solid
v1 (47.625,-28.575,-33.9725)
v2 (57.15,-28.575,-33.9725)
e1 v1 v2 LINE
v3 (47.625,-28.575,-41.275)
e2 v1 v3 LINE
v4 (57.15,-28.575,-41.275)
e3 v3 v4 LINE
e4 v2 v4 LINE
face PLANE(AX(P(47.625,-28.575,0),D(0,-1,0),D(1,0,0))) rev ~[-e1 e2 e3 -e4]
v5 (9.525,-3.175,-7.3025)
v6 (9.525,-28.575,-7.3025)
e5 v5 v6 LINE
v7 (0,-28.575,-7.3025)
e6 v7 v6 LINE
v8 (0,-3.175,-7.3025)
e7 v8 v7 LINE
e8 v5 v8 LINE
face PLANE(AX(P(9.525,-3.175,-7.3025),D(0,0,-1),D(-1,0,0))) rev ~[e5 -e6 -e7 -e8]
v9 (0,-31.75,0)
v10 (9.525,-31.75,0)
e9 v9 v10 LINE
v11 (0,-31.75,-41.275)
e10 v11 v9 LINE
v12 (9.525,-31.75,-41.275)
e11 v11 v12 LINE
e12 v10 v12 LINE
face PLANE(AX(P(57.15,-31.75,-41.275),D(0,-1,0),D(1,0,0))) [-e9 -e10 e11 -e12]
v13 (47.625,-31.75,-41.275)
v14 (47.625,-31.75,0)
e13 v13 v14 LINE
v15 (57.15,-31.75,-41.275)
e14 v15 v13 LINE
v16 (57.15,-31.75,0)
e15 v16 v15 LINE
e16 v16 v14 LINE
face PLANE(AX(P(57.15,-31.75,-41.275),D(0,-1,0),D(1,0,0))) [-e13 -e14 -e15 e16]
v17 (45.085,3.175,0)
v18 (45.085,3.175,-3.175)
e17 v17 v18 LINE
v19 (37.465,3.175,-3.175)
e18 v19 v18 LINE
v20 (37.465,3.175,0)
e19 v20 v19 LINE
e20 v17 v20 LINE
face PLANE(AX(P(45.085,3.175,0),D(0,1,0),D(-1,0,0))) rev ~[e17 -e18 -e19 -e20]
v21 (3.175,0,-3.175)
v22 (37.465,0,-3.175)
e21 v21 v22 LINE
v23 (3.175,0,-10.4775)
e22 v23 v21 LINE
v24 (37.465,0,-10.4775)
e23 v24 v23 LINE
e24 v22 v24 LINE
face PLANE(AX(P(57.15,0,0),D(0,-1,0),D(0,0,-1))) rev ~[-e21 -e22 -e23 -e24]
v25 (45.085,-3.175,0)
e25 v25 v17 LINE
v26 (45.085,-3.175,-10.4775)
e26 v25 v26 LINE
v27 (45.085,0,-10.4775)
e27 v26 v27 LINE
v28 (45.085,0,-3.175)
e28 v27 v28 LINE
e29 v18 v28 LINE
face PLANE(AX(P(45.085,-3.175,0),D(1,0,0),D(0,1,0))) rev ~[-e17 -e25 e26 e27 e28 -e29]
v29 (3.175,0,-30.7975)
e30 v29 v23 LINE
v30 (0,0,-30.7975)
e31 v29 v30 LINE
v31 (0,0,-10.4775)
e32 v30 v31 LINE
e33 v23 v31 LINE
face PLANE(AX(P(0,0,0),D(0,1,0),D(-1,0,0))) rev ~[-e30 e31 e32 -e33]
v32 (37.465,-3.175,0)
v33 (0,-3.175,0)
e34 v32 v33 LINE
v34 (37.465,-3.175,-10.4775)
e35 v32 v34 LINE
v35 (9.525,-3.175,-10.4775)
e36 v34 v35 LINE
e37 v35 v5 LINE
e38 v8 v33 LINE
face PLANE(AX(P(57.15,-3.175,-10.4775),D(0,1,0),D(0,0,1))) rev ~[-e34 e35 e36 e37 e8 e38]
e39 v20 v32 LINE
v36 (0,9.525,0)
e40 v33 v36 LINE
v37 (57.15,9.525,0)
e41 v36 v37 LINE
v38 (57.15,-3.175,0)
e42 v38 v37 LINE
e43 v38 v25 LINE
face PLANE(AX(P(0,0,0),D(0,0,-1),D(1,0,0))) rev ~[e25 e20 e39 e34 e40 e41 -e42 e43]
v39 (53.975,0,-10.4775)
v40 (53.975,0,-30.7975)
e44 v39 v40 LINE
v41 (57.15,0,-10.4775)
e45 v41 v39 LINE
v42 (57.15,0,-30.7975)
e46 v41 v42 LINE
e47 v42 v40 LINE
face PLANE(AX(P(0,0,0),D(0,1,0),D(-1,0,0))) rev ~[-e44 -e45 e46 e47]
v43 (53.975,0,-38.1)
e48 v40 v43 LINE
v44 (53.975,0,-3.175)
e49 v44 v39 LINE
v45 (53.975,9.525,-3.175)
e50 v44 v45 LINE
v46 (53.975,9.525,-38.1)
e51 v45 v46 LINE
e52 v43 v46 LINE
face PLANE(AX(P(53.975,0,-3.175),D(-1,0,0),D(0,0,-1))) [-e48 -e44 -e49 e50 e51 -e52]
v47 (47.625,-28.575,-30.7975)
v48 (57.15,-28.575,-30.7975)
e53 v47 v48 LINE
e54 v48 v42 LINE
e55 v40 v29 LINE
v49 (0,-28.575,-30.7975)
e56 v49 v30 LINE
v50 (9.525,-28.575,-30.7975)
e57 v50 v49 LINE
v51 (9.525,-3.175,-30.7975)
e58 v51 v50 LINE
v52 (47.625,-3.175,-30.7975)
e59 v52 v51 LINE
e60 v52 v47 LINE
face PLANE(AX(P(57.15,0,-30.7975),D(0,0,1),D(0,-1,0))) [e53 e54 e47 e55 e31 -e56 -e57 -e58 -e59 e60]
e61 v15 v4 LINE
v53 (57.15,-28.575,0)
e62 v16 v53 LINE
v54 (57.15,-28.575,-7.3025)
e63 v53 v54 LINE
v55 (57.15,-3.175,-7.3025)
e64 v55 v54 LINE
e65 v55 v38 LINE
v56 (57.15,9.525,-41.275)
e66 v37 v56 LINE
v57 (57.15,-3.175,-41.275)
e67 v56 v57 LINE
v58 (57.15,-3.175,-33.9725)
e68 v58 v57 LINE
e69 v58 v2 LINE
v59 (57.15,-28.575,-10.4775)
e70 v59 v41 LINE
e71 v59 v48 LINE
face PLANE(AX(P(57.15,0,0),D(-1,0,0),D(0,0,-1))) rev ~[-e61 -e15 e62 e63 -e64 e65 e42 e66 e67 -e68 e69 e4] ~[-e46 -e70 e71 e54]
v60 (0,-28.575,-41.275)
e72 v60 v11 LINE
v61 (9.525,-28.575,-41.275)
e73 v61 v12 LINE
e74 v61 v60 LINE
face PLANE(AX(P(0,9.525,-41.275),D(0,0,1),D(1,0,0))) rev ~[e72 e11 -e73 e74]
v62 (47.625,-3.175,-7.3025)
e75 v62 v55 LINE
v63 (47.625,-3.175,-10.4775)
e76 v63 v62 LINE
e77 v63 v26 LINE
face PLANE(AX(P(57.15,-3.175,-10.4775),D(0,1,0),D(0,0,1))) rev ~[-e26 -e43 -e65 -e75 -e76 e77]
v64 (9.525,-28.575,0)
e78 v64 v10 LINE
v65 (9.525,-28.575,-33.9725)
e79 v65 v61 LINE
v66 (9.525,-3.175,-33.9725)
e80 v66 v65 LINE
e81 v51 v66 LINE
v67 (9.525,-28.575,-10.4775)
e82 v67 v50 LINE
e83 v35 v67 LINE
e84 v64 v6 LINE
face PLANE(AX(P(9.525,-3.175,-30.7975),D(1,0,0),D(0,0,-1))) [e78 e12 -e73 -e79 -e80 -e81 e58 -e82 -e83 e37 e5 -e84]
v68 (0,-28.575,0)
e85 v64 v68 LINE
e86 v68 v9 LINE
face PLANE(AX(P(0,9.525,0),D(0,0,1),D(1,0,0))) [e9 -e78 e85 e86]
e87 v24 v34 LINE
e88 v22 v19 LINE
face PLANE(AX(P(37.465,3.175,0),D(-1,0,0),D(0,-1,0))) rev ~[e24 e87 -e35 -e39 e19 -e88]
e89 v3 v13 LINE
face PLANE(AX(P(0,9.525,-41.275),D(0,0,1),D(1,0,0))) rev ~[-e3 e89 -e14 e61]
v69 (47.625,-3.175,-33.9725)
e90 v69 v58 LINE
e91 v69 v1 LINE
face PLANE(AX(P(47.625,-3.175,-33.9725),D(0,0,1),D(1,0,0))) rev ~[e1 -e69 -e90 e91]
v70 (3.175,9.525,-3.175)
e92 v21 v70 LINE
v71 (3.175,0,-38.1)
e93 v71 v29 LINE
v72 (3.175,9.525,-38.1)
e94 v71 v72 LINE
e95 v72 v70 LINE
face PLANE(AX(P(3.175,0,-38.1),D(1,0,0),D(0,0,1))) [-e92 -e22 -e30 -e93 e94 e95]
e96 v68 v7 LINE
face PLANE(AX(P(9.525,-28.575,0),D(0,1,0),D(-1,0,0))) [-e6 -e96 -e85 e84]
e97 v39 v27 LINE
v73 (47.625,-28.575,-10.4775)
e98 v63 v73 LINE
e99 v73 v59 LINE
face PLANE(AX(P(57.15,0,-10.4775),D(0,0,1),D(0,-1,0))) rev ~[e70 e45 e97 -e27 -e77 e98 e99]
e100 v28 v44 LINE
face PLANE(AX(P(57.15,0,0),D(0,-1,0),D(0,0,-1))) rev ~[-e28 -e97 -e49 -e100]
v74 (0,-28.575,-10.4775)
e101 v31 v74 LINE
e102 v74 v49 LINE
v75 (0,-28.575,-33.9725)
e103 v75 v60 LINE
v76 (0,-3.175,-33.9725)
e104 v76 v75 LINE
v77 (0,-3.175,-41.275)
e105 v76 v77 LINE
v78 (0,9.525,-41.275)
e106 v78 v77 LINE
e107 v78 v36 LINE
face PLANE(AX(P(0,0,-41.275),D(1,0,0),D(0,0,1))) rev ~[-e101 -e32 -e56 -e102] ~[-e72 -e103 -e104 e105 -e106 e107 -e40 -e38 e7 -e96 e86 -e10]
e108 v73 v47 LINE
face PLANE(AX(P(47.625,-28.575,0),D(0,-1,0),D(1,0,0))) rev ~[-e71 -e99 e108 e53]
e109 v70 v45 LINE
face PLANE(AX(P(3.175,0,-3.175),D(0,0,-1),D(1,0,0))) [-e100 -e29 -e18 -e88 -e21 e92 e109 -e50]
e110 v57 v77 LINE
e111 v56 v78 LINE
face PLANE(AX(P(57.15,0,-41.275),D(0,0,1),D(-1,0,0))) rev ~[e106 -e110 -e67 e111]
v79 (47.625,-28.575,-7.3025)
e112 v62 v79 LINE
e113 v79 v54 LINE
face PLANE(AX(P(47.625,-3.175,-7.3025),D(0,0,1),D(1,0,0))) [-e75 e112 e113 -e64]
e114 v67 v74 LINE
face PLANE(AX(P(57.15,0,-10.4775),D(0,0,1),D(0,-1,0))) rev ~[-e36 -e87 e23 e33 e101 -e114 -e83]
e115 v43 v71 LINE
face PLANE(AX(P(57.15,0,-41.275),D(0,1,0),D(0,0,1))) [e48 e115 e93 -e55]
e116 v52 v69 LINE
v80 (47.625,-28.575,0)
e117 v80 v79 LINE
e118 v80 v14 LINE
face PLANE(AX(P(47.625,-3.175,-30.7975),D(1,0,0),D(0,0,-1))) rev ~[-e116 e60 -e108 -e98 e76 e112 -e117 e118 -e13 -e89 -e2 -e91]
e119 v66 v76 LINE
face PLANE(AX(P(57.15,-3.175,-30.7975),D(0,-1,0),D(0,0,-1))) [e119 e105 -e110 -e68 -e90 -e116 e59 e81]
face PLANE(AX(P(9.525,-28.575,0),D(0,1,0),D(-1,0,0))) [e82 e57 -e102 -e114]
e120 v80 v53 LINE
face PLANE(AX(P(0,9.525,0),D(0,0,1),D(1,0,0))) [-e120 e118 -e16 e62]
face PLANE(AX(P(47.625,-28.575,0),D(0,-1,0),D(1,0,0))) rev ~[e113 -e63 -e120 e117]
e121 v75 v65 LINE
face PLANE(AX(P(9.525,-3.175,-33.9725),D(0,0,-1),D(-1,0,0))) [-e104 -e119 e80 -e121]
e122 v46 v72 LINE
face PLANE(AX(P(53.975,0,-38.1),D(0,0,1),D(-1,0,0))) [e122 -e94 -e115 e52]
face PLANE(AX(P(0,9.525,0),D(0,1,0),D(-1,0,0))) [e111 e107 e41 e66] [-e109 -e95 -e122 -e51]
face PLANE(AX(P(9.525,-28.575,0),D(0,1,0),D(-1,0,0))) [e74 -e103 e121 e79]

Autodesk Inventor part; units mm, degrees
ref_plane "YZ Plane" through (0, 0, 0) normal (1, 0, 0) x (0, 1, 0)
ref_plane "XZ Plane" through (0, 0, 0) normal (0, 1, 0) x (-1, 0, 0)
ref_plane "XY Plane" through (0, 0, 0) normal (0, 0, 1) x (1, 0, 0)
sketch "Sketch1" plane through (0, 0, 0) normal (0, 1, 0) x (-1, 0, 0)
  line L0 (0, 0) -> (-57.15, 0)
  line L1 (-57.15, 0) -> (-57.15, -41.275)
  line L2 (-57.15, -41.275) -> (0, -41.275)
  line L3 (0, -41.275) -> (0, 0)
  line L4 (-3.175, -3.175) -> (-53.975, -3.175)
  line L5 (-53.975, -3.175) -> (-53.975, -38.1)
  line L6 (-53.975, -38.1) -> (-3.175, -38.1)
  line L7 (-3.175, -38.1) -> (-3.175, -3.175)
  line L8 (0, -20.6375) -> (-57.15, -20.6375) construction
  line L9 (-28.575, 0) -> (-28.575, -41.275) construction
  point P0 (-3.175, -20.6375)
  dimension "d0" = 57.15
  dimension "d1" = 41.275
  dimension "d2" = 3.175
  dimension "d3" = 3.175
extrude "Extrusion4" add sketch "Sketch1" along normal blind 9.525
sketch "Sketch4" plane through (57.15, 0, 0) normal (1, 0, 0) x (0, 0, -1)
  line L0 (0, 0) -> (0, 9.525) projected
  line L1 (0, 0) -> (10.4775, 0)
  line L2 (10.4775, 0) -> (10.4775, -3.175)
  line L3 (10.4775, -3.175) -> (0, -3.175)
  line L4 (0, -3.175) -> (0, 0)
  line L5 (41.275, 0) -> (41.275, 9.525) projected
  line L6 (41.275, 0) -> (30.7975, 0)
  line L7 (30.7975, 0) -> (30.7975, -3.175)
  line L8 (30.7975, -3.175) -> (41.275, -3.175)
  line L9 (41.275, -3.175) -> (41.275, 0)
  line L10 (3.175, 9.525) -> (38.1, 9.525) construction
  line L11 (20.6375, 9.525) -> (20.6375, 0) construction
  line L12 (3.175, 0) -> (38.1, 0) construction
  dimension "d25" = 20.32
  dimension "d26" = 3.175
extrude "Extrusion5" add sketch "Sketch4" against normal up to surface (57.15 mm away)
sketch "Sketch5" plane through (0, 9.525, 0) normal (0, 0, 1) x (1, 0, 0)
  line L0 (57.15, -12.7) -> (0, -12.7) projected
  line L1 (37.465, -12.7) -> (45.085, -12.7)
  line L2 (45.085, -12.7) -> (45.085, -6.35)
  line L3 (45.085, -6.35) -> (37.465, -6.35)
  line L4 (37.465, -6.35) -> (37.465, -12.7)
  line L5 (53.975, -9.525) -> (53.975, 0) projected
  line L6 (0, -12.7) -> (0, 0) projected
  line L7 (3.175, -9.525) -> (3.175, 0) projected
  point P0 (0, -9.525)
  dimension "d29" = 16.51
  dimension "d31" = 41.91
  dimension "d32" = 6.35
extrude "Extrusion6" cut sketch "Sketch5" against normal up to surface (10.4775 mm away)
sketch "Sketch6" plane through (57.15, -3.175, -41.275) normal (0, -1, 0) x (1, 0, 0)
  point P0 (-57.15, 41.275)
sketch "Sketch7" plane through (57.15, -3.175, -41.275) normal (0, -1, 0) x (1, 0, 0)
  line L0 (-3.175, 10.4775) -> (0, 10.4775) projected
  line L1 (0, 10.4775) -> (-9.525, 10.4775)
  line L2 (-9.525, 10.4775) -> (-9.525, 7.3025)
  line L3 (-9.525, 7.3025) -> (0, 7.3025)
  line L4 (0, 7.3025) -> (0, 10.4775)
  line L5 (0, 41.275) -> (0, 0) construction
  line L6 (0, 20.6375) -> (-57.15, 20.6375) construction
  line L7 (-57.15, 0) -> (-57.15, 41.275) construction
  line L8 (0, 30.7975) -> (-9.525, 30.7975)
  line L9 (-9.525, 30.7975) -> (-9.525, 33.9725)
  line L10 (-9.525, 33.9725) -> (0, 33.9725)
  line L11 (0, 33.9725) -> (0, 30.7975)
  line L12 (0, 0) -> (-57.15, 0) construction
  line L13 (-28.575, 0) -> (-28.575, 41.275) construction
  line L14 (-19.685, 41.275) -> (-57.15, 41.275) construction
  line L15 (-57.15, 10.4775) -> (-47.625, 10.4775)
  line L16 (-47.625, 10.4775) -> (-47.625, 7.3025)
  line L17 (-47.625, 7.3025) -> (-57.15, 7.3025)
  line L18 (-57.15, 7.3025) -> (-57.15, 10.4775)
  line L19 (-57.15, 41.275) -> (-57.15, 0) construction
  line L20 (-57.15, 30.7975) -> (-47.625, 30.7975)
  line L21 (-47.625, 30.7975) -> (-47.625, 33.9725)
  line L22 (-47.625, 33.9725) -> (-57.15, 33.9725)
  line L23 (-57.15, 33.9725) -> (-57.15, 30.7975)
  dimension "d35" = 3.175
  dimension "d36" = 9.525
extrude "Extrusion7" add sketch "Sketch7" along normal blind 28.575
sketch "Sketch8" plane through (0, -3.175, -7.3025) normal (0, 0, 1) x (1, 0, 0)
  point P0 (0, 3.175)
sketch "Sketch9" plane through (0, 9.525, 0) normal (0, 0, 1) x (1, 0, 0)
  line L0 (0, -12.7) -> (0, -41.275) projected
  line L1 (9.525, -12.7) -> (9.525, -41.275) projected
  line L2 (0, -41.275) -> (9.525, -41.275)
  line L3 (9.525, -41.275) -> (9.525, -38.1)
  line L4 (9.525, -38.1) -> (0, -38.1)
  line L5 (0, -38.1) -> (0, -41.275)
  line L6 (57.15, -41.275) -> (57.15, -9.525) projected
  line L7 (47.625, -12.7) -> (47.625, -41.275) projected
  line L8 (57.15, -41.275) -> (47.625, -41.275)
  line L9 (47.625, -41.275) -> (47.625, -38.1)
  line L10 (47.625, -38.1) -> (57.15, -38.1)
  line L11 (57.15, -38.1) -> (57.15, -41.275)
  point P0 (0, -9.525)
  point P1 (0, -38.1)
  dimension "d39" = 3.175
extrude "Extrusion8" add sketch "Sketch9" against normal up to surface (41.275 mm away)
properties part number "gcs microhard"
